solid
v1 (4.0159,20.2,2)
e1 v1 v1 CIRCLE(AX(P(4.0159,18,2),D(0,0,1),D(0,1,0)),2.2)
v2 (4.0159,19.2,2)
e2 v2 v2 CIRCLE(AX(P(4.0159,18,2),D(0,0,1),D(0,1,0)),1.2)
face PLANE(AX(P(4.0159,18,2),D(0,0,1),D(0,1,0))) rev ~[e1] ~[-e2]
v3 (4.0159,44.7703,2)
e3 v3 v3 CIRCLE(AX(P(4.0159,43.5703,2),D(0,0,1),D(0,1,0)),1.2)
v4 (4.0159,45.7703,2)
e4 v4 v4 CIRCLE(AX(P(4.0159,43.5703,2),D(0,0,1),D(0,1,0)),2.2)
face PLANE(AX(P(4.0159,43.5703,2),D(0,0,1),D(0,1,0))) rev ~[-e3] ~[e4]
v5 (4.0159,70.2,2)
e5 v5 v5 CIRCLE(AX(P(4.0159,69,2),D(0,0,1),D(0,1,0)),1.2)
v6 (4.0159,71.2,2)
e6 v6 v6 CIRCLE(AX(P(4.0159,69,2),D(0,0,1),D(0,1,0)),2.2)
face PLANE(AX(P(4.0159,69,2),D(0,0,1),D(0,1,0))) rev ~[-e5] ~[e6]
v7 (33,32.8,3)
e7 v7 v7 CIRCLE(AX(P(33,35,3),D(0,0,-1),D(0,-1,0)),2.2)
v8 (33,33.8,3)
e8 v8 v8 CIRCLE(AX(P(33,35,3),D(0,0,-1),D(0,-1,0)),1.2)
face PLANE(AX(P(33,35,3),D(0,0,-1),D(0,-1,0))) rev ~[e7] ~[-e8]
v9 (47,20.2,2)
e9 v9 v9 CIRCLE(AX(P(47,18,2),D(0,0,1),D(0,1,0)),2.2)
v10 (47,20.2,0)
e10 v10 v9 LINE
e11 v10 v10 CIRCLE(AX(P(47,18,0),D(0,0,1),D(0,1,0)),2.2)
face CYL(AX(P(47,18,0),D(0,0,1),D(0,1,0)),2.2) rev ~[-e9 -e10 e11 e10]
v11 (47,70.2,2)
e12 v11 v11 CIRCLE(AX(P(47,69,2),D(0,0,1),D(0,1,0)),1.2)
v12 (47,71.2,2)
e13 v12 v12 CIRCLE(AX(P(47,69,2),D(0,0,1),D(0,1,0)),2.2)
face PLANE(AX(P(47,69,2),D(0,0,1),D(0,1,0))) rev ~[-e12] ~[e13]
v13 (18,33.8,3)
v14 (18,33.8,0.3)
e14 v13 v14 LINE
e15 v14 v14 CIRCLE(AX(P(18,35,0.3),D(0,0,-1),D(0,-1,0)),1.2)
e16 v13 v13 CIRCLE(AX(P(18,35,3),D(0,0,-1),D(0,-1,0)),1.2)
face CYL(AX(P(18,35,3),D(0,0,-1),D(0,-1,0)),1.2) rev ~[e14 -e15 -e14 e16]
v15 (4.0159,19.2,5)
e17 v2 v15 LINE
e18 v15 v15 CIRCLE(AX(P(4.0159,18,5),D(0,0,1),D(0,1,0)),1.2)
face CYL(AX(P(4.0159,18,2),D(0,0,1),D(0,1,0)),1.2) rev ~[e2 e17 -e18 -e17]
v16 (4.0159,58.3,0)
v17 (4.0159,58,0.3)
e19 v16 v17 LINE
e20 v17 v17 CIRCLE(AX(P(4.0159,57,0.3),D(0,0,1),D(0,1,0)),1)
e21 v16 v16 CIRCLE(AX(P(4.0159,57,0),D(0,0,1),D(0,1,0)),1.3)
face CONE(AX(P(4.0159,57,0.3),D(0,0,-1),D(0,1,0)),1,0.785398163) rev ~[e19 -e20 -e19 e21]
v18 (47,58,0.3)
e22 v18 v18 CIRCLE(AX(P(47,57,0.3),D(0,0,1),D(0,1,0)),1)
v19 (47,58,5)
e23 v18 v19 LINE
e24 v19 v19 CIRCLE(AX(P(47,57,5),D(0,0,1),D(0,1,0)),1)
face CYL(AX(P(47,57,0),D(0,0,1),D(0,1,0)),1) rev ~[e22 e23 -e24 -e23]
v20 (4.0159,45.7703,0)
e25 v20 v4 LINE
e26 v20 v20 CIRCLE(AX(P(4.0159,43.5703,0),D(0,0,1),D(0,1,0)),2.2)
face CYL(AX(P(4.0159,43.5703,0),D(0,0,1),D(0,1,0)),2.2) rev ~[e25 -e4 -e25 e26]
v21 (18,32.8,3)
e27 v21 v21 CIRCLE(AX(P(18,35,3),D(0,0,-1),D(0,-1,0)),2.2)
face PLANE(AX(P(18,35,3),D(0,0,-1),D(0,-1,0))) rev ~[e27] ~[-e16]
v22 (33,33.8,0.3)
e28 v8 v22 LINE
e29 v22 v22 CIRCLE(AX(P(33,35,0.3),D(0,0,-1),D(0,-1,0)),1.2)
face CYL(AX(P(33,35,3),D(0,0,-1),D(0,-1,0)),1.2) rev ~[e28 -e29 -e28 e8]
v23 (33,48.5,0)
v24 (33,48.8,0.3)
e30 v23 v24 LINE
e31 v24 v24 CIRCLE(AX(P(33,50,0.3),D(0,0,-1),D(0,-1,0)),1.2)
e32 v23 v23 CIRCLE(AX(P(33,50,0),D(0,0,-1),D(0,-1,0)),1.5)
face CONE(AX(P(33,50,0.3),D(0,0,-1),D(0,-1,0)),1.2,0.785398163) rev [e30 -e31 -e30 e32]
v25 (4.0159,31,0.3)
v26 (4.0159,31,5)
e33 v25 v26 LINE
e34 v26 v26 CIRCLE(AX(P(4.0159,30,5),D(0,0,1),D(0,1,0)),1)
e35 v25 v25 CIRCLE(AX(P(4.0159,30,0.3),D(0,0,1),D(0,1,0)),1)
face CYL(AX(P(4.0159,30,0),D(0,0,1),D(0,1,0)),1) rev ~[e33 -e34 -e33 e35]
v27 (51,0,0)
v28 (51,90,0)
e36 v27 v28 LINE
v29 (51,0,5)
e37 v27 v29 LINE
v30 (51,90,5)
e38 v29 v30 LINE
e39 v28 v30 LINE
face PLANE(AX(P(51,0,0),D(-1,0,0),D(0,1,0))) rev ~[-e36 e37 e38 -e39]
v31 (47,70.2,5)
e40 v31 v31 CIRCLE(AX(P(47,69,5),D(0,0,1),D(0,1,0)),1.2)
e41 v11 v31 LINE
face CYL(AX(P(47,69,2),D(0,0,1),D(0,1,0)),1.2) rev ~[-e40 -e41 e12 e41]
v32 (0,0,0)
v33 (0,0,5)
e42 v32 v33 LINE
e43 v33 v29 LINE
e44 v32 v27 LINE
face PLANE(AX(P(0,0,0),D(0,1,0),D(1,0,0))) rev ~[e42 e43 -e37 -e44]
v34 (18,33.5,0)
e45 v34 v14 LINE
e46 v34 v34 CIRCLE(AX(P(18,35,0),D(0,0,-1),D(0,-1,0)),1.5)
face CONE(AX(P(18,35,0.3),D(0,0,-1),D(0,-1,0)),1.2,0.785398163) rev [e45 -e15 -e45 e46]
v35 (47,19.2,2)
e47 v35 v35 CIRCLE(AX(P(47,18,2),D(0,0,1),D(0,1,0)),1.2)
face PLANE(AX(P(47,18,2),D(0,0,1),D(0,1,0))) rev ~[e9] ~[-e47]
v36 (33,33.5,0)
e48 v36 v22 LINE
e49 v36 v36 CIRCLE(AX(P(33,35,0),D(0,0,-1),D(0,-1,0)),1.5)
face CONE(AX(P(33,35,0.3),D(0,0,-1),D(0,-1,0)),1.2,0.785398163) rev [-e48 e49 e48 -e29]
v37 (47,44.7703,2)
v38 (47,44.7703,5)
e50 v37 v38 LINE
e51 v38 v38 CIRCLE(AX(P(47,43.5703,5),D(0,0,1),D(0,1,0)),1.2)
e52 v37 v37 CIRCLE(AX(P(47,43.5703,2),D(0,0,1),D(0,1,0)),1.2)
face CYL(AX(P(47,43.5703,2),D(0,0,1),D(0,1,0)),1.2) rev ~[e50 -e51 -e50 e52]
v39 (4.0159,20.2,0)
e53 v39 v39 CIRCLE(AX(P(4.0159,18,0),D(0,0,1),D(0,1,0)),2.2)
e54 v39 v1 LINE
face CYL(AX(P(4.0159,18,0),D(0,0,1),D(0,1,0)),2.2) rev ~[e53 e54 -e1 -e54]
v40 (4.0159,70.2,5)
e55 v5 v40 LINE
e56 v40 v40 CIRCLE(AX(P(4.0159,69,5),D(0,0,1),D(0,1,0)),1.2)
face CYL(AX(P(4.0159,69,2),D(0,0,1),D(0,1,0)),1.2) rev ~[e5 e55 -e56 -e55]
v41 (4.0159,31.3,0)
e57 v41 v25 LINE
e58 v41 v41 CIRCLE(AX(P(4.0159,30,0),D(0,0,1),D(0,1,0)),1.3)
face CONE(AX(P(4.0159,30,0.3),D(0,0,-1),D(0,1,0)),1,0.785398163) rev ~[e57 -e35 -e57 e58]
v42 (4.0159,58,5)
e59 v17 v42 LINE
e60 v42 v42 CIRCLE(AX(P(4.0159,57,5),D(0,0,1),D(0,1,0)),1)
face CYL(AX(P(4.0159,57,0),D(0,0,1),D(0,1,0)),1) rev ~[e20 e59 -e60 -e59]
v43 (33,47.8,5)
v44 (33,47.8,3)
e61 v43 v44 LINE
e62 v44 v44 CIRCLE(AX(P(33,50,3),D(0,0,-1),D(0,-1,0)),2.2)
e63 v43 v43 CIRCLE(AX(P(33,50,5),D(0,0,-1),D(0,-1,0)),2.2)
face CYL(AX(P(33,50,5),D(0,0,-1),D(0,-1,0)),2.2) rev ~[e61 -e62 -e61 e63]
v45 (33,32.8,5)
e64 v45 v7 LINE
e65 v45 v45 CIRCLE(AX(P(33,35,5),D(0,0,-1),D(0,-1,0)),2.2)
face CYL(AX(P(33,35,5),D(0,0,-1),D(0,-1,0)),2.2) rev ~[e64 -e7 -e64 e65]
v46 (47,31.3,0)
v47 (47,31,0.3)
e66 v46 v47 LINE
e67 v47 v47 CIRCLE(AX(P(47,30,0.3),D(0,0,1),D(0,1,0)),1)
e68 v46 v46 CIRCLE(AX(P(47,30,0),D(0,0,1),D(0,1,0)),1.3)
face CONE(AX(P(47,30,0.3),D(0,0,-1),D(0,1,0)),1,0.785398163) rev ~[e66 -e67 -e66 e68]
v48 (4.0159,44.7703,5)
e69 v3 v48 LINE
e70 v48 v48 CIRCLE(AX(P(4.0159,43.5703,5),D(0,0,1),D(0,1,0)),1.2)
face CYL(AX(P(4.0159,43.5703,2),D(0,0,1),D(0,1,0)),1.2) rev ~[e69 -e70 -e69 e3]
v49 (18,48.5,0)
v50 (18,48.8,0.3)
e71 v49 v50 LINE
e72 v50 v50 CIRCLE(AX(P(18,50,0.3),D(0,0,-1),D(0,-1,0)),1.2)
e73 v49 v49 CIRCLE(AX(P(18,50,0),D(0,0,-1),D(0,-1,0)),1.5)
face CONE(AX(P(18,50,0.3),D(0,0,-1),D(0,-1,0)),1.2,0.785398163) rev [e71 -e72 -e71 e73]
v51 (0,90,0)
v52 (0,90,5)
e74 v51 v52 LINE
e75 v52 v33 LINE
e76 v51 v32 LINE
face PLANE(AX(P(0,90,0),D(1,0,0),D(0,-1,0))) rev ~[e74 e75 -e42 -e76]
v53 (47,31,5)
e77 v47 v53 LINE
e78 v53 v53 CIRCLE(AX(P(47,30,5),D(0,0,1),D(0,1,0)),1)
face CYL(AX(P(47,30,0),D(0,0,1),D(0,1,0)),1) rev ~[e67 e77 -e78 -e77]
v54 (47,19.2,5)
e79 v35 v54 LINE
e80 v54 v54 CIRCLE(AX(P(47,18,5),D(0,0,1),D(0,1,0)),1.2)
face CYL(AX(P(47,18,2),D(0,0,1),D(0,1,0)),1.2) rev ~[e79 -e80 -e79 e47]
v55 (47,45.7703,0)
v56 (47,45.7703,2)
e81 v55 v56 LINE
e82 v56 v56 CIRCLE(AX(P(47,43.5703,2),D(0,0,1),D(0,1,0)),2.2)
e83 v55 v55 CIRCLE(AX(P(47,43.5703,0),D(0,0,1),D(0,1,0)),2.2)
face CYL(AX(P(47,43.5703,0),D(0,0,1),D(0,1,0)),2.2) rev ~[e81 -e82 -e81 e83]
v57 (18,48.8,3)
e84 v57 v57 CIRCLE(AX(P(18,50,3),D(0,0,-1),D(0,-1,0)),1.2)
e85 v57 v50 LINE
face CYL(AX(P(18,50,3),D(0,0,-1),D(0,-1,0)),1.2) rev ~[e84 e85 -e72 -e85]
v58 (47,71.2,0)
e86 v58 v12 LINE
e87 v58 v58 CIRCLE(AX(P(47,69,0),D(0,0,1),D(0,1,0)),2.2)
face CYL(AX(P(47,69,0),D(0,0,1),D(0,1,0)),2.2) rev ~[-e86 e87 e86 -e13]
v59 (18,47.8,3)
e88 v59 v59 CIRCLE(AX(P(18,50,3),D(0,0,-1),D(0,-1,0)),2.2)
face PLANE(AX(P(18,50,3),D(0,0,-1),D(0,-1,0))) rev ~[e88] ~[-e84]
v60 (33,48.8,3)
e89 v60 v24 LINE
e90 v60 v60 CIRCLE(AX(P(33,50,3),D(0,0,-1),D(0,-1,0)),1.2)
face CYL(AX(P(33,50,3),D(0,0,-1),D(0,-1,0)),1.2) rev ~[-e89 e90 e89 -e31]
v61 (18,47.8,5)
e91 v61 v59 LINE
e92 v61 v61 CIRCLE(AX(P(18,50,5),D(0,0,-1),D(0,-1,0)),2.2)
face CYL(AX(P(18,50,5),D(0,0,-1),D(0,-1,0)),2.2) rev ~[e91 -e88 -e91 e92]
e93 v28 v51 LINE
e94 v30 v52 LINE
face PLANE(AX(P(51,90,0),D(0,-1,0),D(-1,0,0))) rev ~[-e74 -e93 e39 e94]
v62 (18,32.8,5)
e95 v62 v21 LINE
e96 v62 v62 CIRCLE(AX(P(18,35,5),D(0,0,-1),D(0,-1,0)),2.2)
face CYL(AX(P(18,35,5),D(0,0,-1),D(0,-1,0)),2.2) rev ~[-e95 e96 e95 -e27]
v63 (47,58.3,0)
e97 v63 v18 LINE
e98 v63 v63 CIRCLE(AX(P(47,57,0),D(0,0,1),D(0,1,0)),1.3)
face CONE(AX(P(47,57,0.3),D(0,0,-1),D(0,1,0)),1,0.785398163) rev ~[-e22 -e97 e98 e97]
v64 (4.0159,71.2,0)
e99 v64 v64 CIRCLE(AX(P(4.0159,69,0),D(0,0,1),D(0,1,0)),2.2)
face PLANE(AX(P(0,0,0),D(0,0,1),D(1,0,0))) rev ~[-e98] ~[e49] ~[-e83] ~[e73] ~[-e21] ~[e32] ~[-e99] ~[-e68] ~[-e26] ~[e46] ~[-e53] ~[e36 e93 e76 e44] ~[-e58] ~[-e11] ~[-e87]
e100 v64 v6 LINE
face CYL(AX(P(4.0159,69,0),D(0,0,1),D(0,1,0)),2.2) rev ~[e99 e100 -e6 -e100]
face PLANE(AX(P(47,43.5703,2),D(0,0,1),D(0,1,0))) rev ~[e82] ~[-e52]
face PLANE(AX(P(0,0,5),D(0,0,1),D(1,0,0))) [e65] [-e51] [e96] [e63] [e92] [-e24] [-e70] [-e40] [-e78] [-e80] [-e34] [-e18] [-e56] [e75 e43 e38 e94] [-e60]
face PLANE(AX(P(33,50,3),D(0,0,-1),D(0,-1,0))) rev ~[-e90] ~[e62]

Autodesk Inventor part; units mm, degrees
ref_plane "YZ Plane" through (0, 0, 0) normal (1, 0, 0) x (0, 1, 0)
ref_plane "XZ Plane" through (0, 0, 0) normal (0, 1, 0) x (-1, 0, 0)
ref_plane "XY Plane" through (0, 0, 0) normal (0, 0, 1) x (1, 0, 0)
sketch "Sketch1" plane through (0, 0, 0) normal (0, 0, 1) x (1, 0, 0)
  line L0 (0, 0) -> (51, 0)
  line L1 (51, 0) -> (51, 90)
  line L2 (51, 90) -> (0, 90)
  line L3 (0, 90) -> (0, 0)
  dimension "d0" = 51
  dimension "d1" = 90
extrude "Extrusion1" add sketch "Sketch1" along normal blind 5
sketch "Sketch2" plane through (0, 0, 5) normal (0, 0, 1) x (1, 0, 0)
  line L0 (0, 0) -> (51, 0) construction
  line L1 (25.5, 0) -> (25.5, 90) construction
  line L2 (51, 90) -> (0, 90) construction
  line L3 (51, 0) -> (51, 90) construction
  line L4 (51, 45) -> (0, 45) construction
  line L5 (25.5, 45) -> (25.5, 35) construction
  line L6 (25.5, 35) -> (18, 35) construction
  line L7 (18, 35) -> (18, 50) construction
  line L8 (18, 50) -> (33, 50) construction
  line L9 (33, 50) -> (33, 35) construction
  dimension "d23" = 10
  dimension "d24" = 7.5
  dimension "d25" = 15
  dimension "d26" = 15
sketch "Sketch3" plane through (0, 0, 0) normal (0, 0, -1) x (-1, 0, 0)
  line L0 (-51, 90) -> (0, 90) projected
  line L1 (-51, 90) -> (-41, 90)
  line L2 (-41, 90) -> (-41, 0)
  line L3 (0, 90) -> (-10.0159, 90)
  line L4 (-10.0159, 90) -> (-10.0159, 0)
  line L5 (0, 0) -> (-51, 0) projected
  line L6 (-51, 90) -> (-51, 79)
  line L7 (-51, 79) -> (0, 79)
  line L8 (-51, 0) -> (-51, 8)
  line L9 (-51, 0) -> (-51, 90) projected
  line L10 (-51, 8) -> (0, 8)
  line L11 (-51, 90) -> (-46, 90)
  line L12 (-51, 79) -> (-46, 79)
  line L13 (-46, 90) -> (-46, 69)
  line L14 (-10.0159, 45) -> (-4.0159, 45)
  line L15 (0, 90) -> (0, 0) projected
  line L16 (-41, 90) -> (-41, 48.5) construction
  line L17 (-47, 45) -> (-4.0159, 45)
  line L18 (-47, 43.5703) -> (-3.108, 43.5703)
  line L19 (-41, 90) -> (-47, 90)
  line L20 (-47, 90) -> (-47, 0)
  line L21 (-47, 0) -> (-47, 18)
  line L22 (-10.0159, 0) -> (-4.0159, 0)
  line L23 (-4.0159, 0) -> (-4.0159, 18)
  line L24 (-10.0159, 90) -> (-4.0159, 90)
  line L25 (-4.0159, 90) -> (-4.0159, 69)
  point P0 (-5, 69)
  point P1 (-46, 18)
  point P2 (-5, 18)
  point P3 (-48.5, 90)
  point P4 (-25.054, 43.5703)
  point P5 (-25.508, 45)
  point P6 (-47, 69)
  point P7 (-4.0159, 43.5703)
  dimension "d8" = 11
  dimension "d9" = 8
  dimension "d15" = 21
  dimension "d38" = 5
  dimension "d41" = 6
  dimension "d47" = 10
  dimension "d48" = 10.016
  dimension "d50" = 1.5
  dimension "d54" = 6
  dimension "d55" = 18
  dimension "d56" = 6
  dimension "d57" = 6
hole "Hole1" at (4.0159, 69, 0) at (4.0159, 43.5703, 0) at (4.0159, 18, 0) at (47, 18, 0) at (47, 43.5703, 0) at (47, 69, 0) direction (0, 0, 1) diameter 2.4 end through all counterbore diameter 4.4 counterbore depth 2
hole "Hole2" at (33, 50, 5) at (18, 50, 5) at (18, 35, 5) at (33, 35, 5) direction (0, 0, -1) diameter 2.4 end through all counterbore diameter 4.4 counterbore depth 2
chamfer "Chamfer1" distance 0.3 angle 45 4 edges at (18, 36.2, 0) (33, 36.2, 0) (18, 51.2, 0) (33, 51.2, 0)
sketch "Sketch4" plane through (0, 0, 0) normal (0, 0, -1) x (-1, 0, 0)
  circle A0 centre (-47, 69) radius 1.2 projected
  line L0 (-47, 69) -> (-47, 57)
  circle A1 centre (-47, 18) radius 1.2 projected
  line L1 (-47, 18) -> (-47, 30)
  circle A2 centre (-4.0159, 18) radius 1.2 projected
  line L2 (-4.0159, 18) -> (-4.0159, 30)
  circle A3 centre (-4.0159, 69) radius 1.2 projected
  line L3 (-4.0159, 69) -> (-4.0159, 57)
  point P0 (0, 0)
  dimension "d58" = 12
  dimension "d59" = 12
  dimension "d60" = 12
  dimension "d61" = 12
hole "Hole3" at (47, 57, 0) at (4.0159, 57, 0) at (4.0159, 30, 0) at (47, 30, 0) direction (0, 0, 1) diameter 2 end through all
chamfer "Chamfer2" distance 0.3 angle 45 4 edges at (4.0159, 29, 0) (47, 29, 0) (4.0159, 56, 0) (47, 56, 0)
properties part number "Bottom Plate" material "Steel, Carbon"
